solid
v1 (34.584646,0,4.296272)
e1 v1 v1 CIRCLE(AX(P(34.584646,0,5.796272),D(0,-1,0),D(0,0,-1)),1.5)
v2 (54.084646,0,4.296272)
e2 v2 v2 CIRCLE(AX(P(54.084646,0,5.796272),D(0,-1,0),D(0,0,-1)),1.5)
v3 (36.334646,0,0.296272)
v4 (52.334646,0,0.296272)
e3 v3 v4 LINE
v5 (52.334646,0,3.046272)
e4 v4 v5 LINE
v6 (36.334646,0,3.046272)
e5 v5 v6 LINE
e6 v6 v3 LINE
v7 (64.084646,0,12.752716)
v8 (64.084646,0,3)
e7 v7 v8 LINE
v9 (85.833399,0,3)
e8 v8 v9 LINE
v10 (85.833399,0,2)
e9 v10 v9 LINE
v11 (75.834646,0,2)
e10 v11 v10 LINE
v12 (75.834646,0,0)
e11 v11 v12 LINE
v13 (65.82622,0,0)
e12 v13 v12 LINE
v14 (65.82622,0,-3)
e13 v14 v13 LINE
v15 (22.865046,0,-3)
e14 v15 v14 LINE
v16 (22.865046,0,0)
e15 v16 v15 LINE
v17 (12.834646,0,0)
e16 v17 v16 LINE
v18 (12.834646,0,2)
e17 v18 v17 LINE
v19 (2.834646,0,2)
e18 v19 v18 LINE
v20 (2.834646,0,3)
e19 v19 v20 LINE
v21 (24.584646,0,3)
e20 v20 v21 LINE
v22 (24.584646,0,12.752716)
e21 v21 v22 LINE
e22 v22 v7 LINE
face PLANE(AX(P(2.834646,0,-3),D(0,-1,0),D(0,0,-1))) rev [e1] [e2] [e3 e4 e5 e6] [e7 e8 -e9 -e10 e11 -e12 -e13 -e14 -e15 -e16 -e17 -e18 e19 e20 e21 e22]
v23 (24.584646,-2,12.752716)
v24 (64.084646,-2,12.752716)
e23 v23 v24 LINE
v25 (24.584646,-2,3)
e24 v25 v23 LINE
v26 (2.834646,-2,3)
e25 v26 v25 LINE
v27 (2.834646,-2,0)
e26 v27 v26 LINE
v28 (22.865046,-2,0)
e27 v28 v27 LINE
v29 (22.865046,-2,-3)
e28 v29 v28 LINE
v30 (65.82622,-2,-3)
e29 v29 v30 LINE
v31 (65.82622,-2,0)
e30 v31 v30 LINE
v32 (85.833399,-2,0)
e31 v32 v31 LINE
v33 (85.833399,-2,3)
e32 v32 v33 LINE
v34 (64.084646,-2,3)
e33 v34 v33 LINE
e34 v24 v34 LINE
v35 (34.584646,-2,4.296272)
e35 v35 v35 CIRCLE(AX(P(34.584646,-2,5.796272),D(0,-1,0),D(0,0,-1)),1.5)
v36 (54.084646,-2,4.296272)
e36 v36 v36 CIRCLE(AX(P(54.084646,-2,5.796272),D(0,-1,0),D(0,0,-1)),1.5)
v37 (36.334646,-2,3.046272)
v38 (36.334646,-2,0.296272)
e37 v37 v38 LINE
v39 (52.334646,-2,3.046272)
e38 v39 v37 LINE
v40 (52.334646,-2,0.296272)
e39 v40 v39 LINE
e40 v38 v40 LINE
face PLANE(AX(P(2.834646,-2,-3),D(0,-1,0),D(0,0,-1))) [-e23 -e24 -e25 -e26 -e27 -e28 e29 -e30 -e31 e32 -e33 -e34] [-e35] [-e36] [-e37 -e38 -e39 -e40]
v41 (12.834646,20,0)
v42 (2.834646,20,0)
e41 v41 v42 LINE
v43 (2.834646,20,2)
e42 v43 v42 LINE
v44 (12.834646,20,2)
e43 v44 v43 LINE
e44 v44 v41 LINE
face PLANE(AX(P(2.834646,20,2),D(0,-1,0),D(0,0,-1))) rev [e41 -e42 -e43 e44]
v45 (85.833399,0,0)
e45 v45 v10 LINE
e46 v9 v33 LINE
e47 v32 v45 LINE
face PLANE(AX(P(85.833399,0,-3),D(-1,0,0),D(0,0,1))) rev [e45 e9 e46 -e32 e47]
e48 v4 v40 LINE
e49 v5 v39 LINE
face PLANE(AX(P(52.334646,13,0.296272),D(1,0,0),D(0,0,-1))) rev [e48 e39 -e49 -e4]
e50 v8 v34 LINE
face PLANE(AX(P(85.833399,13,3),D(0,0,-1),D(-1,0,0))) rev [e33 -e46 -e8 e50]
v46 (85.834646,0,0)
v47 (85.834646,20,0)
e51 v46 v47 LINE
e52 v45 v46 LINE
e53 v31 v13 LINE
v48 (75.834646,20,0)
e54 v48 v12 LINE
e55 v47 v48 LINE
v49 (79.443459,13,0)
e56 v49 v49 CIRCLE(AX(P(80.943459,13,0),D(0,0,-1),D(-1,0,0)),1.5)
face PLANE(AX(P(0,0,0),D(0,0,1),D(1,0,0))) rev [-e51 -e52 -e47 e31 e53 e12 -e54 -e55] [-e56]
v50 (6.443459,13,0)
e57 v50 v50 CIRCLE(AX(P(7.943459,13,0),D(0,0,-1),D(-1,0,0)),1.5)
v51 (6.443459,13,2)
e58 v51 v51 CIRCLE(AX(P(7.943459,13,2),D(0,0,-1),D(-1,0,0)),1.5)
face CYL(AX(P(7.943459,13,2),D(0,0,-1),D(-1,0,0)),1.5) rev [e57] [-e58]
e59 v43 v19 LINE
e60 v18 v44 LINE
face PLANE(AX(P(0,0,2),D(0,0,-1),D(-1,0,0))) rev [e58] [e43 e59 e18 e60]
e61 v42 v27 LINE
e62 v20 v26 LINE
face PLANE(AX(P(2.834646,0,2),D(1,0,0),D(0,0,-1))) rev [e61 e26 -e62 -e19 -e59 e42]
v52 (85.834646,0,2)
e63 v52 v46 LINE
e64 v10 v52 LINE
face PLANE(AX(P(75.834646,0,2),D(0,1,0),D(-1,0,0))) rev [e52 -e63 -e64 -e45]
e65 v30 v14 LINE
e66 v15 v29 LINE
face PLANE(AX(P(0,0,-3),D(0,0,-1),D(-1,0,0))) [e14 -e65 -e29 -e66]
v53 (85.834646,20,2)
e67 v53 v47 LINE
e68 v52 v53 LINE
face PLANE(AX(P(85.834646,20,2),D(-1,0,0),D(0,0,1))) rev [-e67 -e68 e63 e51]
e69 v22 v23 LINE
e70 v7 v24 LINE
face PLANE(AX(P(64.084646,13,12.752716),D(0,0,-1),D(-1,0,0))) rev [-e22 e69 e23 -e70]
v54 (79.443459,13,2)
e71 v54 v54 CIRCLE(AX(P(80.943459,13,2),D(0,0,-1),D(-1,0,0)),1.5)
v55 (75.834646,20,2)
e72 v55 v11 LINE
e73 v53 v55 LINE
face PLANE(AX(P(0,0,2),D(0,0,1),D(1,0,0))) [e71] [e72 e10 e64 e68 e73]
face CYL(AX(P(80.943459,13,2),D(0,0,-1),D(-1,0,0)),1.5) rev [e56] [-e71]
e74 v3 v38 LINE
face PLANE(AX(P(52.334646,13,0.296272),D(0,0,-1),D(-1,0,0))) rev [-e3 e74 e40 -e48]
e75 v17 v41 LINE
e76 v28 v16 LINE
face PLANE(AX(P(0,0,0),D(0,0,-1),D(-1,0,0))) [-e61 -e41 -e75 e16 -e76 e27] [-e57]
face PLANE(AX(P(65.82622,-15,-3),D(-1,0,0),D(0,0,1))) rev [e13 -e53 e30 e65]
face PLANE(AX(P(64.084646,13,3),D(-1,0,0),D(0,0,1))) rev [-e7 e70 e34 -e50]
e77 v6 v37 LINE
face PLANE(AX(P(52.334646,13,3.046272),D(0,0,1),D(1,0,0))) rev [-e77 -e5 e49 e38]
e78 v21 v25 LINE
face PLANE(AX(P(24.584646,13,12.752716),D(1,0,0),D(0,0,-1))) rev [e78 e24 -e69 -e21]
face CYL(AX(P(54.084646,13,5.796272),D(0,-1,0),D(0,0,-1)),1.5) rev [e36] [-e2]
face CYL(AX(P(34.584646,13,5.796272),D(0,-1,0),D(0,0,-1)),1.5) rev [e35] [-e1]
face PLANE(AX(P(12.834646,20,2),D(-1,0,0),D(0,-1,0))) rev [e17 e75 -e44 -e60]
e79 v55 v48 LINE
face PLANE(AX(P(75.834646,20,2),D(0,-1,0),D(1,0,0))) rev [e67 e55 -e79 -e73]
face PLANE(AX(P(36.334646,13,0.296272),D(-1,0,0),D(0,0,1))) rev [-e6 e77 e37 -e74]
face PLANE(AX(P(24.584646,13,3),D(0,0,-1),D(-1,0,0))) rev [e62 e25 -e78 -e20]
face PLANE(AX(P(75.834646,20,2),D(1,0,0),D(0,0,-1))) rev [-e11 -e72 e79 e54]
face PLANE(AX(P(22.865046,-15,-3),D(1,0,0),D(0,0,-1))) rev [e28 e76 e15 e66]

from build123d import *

# Parameters (mm, degrees)
SKETCH2_W                = 10
SKETCH2_H                = 20
BOSS_EXTRUDE1_DEPTH      = 2
BOSS_EXTRUDE1_2_DEPTH    = 2
SKETCH6_R                = 1.5
CUT_EXTRUDE1_DEPTH       = 2
BOSS_EXTRUDE2_DEPTH      = 15
BOSS_EXTRUDE2_DEPTH_BACK = 5
SKETCH7_W                = 82.998753655
SKETCH7_H                = 2
SKETCH8_R                = 1.5
SKETCH8_W                = 16
SKETCH8_H                = 2.75
CUT_EXTRUDE2_DEPTH       = 15
SKETCH9_W                = 20.030400643
SKETCH9_H                = 3
SKETCH9_W_2              = 20.007179251
CUT_EXTRUDE3_DEPTH       = 15


with BuildPart() as part:
    # Sketch2 → Boss-Extrude1 (new body)
    with BuildSketch(Plane.XY):
        with Locations((7.834645669, 10)):
            Rectangle(SKETCH2_W, SKETCH2_H)
    extrude(amount=BOSS_EXTRUDE1_DEPTH)


with BuildPart() as body_2:
    # Sketch2 → Boss-Extrude1 2 (new body)
    with BuildSketch(Plane.XY):
        with Locations((80.834645669, 10)):
            Rectangle(SKETCH2_W, SKETCH2_H)
    extrude(amount=BOSS_EXTRUDE1_2_DEPTH)


with BuildPart() as cut_extrude1_tool:
    # Sketch6 → Cut-Extrude1 (new body)
    with BuildSketch(Plane(origin=(0, 0, 0), x_dir=(-1, 0, 0), z_dir=(0, 0, -1))):
        with Locations((-80.943458849, 13)):
            Circle(SKETCH6_R)
        with Locations((-7.943458849, 13)):
            Circle(SKETCH6_R)
    extrude(amount=-CUT_EXTRUDE1_DEPTH)


with BuildPart() as part_1:
    add(part.part)

    # Cut-Extrude1: cut by cut_extrude1_tool
    add(cut_extrude1_tool.part, mode=Mode.SUBTRACT)



with BuildPart() as body_2_1:
    add(body_2.part)

    # Cut-Extrude1: cut by cut_extrude1_tool
    add(cut_extrude1_tool.part, mode=Mode.SUBTRACT)


with BuildPart() as part_2:
    add(part_1.part)

    add(body_2_1.part)  # Boss-Extrude2 merges body 2
    # Sketch7 → Boss-Extrude2 (add, two sides: drawn at the far end of the back side and taken through both)
    with BuildSketch(Plane.XY.offset(2).offset(-BOSS_EXTRUDE2_DEPTH_BACK)):
        with Locations((44.334022496, -1)):
            Rectangle(SKETCH7_W, SKETCH7_H)
    extrude(amount=BOSS_EXTRUDE2_DEPTH + BOSS_EXTRUDE2_DEPTH_BACK)

    # Sketch8 → Cut-Extrude2 (cut)
    with BuildSketch(Plane.XZ.offset(2)):
        with Locations(Location((54.084645669, 5.796272293, 0), (0, 0, 270))):
            Circle(SKETCH8_R)
        with Locations(Location((34.584645669, 5.796272293, 0), (0, 0, 270))):
            Circle(SKETCH8_R)
        with Locations((44.334645669, 1.671272293)):
            Rectangle(SKETCH8_W, SKETCH8_H)
        Polygon((24.584645669, 12.752716477), (24.584645669, 3), (2.834645669, 3), (2.834645669, 17), (85.833399324, 17), (85.833399324, 3), (64.084645669, 3), (64.084645669, 12.752716477), align=None)
    extrude(amount=-CUT_EXTRUDE2_DEPTH, mode=Mode.SUBTRACT)

    # Sketch9 → Cut-Extrude3 (cut)
    with BuildSketch(Plane(origin=(0, 0, 0), x_dir=(1, 0, 0), z_dir=(0, 1, 0))):
        with Locations((12.849845991, 1.5)):
            Rectangle(SKETCH9_W, SKETCH9_H)
        with Locations((75.829809699, 1.5)):
            Rectangle(SKETCH9_W_2, SKETCH9_H)
    extrude(amount=-CUT_EXTRUDE3_DEPTH, mode=Mode.SUBTRACT)


solid = part_2.part
